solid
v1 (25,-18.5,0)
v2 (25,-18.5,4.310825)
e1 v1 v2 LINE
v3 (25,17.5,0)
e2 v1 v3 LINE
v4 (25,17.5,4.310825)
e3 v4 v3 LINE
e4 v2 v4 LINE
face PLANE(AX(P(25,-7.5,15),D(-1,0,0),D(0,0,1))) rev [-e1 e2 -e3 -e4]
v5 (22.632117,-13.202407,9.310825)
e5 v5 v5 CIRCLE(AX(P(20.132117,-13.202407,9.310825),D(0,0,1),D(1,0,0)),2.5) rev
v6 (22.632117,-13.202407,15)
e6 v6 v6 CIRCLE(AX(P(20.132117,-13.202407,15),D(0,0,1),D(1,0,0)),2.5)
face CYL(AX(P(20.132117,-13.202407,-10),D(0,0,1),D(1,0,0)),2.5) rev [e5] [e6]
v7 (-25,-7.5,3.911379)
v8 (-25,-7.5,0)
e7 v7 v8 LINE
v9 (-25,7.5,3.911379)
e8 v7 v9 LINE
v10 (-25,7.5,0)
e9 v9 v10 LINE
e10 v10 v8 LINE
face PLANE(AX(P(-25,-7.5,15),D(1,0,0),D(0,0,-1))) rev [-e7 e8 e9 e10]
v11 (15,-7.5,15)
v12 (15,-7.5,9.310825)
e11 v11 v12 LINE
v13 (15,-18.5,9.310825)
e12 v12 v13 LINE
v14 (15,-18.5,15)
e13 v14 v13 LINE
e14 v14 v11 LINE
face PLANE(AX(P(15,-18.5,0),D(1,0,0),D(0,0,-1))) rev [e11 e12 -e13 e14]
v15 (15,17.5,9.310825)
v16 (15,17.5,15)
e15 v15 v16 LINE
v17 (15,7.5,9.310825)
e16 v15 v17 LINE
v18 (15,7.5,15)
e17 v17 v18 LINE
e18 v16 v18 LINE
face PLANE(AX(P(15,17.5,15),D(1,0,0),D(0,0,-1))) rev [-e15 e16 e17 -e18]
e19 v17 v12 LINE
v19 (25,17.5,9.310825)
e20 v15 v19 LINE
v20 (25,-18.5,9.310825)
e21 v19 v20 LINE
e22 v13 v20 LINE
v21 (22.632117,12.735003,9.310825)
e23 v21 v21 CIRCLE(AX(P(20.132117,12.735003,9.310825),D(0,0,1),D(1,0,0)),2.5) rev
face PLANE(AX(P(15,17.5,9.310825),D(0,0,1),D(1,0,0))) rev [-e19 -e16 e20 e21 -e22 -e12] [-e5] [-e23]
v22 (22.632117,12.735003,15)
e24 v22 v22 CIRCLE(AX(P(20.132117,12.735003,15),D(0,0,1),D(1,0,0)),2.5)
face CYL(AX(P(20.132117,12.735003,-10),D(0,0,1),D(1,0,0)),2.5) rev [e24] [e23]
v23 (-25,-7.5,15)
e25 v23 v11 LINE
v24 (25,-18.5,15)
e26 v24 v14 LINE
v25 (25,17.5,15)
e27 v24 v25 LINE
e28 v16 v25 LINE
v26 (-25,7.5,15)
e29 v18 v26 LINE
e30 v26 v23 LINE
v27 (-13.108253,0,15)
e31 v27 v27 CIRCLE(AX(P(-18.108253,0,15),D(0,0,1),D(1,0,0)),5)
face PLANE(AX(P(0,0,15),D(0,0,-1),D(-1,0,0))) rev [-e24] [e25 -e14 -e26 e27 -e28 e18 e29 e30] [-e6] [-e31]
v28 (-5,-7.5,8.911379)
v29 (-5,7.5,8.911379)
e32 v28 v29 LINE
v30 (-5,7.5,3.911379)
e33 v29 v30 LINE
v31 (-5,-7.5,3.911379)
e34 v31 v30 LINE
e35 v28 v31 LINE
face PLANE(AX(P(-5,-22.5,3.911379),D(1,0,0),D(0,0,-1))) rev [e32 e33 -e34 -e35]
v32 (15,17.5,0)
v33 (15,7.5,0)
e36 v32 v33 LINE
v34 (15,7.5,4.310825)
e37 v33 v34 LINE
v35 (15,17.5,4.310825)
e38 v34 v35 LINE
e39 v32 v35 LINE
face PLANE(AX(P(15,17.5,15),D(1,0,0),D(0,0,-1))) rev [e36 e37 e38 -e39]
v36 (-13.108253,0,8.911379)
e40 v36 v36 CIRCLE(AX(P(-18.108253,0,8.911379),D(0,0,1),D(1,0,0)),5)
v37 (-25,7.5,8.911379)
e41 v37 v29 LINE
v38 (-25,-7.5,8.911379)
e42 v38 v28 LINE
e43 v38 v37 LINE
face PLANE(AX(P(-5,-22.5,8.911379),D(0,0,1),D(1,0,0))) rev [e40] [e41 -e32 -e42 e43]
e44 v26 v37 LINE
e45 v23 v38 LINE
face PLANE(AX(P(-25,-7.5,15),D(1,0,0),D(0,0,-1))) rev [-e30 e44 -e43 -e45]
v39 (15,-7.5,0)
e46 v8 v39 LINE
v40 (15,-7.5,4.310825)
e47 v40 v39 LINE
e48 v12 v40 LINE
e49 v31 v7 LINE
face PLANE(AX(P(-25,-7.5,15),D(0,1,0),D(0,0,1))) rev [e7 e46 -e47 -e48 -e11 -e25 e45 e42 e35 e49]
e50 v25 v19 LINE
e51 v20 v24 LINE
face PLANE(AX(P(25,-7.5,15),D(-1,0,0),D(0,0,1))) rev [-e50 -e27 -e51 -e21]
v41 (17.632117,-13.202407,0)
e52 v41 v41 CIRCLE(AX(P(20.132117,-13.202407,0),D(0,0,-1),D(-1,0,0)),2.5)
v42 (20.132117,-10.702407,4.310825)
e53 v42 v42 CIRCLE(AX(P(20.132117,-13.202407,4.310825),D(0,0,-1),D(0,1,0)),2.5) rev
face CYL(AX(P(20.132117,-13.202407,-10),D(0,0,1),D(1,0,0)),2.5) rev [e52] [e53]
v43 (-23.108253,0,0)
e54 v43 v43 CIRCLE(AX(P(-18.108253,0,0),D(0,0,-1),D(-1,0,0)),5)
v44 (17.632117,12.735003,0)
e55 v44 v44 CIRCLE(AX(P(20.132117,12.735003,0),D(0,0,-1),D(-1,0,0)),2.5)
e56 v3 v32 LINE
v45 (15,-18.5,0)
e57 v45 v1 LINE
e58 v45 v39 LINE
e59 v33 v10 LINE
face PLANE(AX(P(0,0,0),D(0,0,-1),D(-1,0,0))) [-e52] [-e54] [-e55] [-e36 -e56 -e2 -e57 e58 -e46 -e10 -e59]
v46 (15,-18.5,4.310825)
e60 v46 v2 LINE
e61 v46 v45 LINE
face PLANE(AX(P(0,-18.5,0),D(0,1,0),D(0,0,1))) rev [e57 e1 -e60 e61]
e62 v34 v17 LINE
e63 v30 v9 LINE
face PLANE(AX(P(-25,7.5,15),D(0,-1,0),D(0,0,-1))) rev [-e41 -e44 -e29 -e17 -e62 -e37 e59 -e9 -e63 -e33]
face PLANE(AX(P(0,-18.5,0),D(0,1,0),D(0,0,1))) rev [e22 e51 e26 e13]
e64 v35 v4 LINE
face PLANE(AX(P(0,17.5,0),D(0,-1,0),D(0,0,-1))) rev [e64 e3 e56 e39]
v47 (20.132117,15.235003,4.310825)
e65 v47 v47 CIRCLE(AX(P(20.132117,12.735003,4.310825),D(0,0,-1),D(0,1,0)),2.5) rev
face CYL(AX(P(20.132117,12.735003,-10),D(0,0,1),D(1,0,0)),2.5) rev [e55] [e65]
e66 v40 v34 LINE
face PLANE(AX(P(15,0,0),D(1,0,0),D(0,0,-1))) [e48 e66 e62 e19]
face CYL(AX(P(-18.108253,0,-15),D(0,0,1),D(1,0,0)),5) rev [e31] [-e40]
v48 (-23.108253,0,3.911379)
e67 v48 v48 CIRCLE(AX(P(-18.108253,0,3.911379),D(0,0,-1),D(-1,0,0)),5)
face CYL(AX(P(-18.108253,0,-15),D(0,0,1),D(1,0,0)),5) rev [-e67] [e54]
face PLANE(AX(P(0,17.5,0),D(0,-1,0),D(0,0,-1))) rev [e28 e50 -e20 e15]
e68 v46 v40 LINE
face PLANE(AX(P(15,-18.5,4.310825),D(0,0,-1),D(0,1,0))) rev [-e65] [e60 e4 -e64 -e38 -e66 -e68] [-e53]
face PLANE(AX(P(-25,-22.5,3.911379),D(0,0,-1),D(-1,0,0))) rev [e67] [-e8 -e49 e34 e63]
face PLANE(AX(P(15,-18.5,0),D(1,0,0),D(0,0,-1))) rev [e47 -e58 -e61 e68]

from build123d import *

# Parameters (mm, degrees)
SKETCH1_W           = 50
SKETCH1_H           = 15
BOSS_EXTRUDE1_DEPTH = 15
SKETCH3_W           = 20
SKETCH3_H           = 5
CUT_EXTRUDE1_DEPTH  = 30
SKETCH5_R           = 5
CUT_EXTRUDE2_DEPTH  = 30
SKETCH7_W           = 10
SKETCH7_H           = 15
BOSS_EXTRUDE2_DEPTH = 10
SKETCH11_W          = 10
SKETCH11_H          = 15
BOSS_EXTRUDE5_DEPTH = 11
SKETCH12_R          = 2.5
CUT_EXTRUDE3_DEPTH  = 25
SKETCH13_W          = 5
SKETCH13_H          = 36
CUT_EXTRUDE4_DEPTH  = 10


with BuildPart() as part:
    # Sketch1 → Boss-Extrude1 (new body)
    with BuildSketch(Plane.XY):
        Rectangle(SKETCH1_W, SKETCH1_H)
    extrude(amount=BOSS_EXTRUDE1_DEPTH)

    # Sketch3 → Cut-Extrude1 (cut)
    with BuildSketch(Plane(origin=(0, 7.5, 0), x_dir=(1, 0, 0), z_dir=(0, 1, 0))):
        with Locations((-15, -6.411378574)):
            Rectangle(SKETCH3_W, SKETCH3_H)
    extrude(amount=-CUT_EXTRUDE1_DEPTH, mode=Mode.SUBTRACT)

    # Sketch5 → Cut-Extrude2 (cut)
    with BuildSketch(Plane.XY.offset(15)):
        with Locations((-18.108253402, 0)):
            Circle(SKETCH5_R)
    extrude(amount=-CUT_EXTRUDE2_DEPTH, mode=Mode.SUBTRACT)

    # Sketch7 → Boss-Extrude2 (add)
    with BuildSketch(Plane(origin=(0, 7.5, 0), x_dir=(1, 0, 0), z_dir=(0, 1, 0))):
        with Locations((20, -7.5)):
            Rectangle(SKETCH7_W, SKETCH7_H)
    extrude(amount=BOSS_EXTRUDE2_DEPTH)

    # Sketch11 → Boss-Extrude5 (add)
    with BuildSketch(Plane.XZ.offset(7.5)):
        with Locations((20, 7.5)):
            Rectangle(SKETCH11_W, SKETCH11_H)
    extrude(amount=BOSS_EXTRUDE5_DEPTH)

    # Sketch12 → Cut-Extrude3 (cut)
    with BuildSketch(Plane.XY.offset(15)):
        with Locations((20.132117018, 12.735002854)):
            Circle(SKETCH12_R)
        with Locations((20.132117018, -13.202407166)):
            Circle(SKETCH12_R)
    extrude(amount=-CUT_EXTRUDE3_DEPTH, mode=Mode.SUBTRACT)

    # Sketch13 → Cut-Extrude4 (cut)
    with BuildSketch(Plane(origin=(25, 0, 0), x_dir=(0, 0, -1), z_dir=(1, 0, 0))):
        with Locations((-6.81082534, -0.5)):
            Rectangle(SKETCH13_W, SKETCH13_H)
    extrude(amount=-CUT_EXTRUDE4_DEPTH, mode=Mode.SUBTRACT)


solid = part.part
